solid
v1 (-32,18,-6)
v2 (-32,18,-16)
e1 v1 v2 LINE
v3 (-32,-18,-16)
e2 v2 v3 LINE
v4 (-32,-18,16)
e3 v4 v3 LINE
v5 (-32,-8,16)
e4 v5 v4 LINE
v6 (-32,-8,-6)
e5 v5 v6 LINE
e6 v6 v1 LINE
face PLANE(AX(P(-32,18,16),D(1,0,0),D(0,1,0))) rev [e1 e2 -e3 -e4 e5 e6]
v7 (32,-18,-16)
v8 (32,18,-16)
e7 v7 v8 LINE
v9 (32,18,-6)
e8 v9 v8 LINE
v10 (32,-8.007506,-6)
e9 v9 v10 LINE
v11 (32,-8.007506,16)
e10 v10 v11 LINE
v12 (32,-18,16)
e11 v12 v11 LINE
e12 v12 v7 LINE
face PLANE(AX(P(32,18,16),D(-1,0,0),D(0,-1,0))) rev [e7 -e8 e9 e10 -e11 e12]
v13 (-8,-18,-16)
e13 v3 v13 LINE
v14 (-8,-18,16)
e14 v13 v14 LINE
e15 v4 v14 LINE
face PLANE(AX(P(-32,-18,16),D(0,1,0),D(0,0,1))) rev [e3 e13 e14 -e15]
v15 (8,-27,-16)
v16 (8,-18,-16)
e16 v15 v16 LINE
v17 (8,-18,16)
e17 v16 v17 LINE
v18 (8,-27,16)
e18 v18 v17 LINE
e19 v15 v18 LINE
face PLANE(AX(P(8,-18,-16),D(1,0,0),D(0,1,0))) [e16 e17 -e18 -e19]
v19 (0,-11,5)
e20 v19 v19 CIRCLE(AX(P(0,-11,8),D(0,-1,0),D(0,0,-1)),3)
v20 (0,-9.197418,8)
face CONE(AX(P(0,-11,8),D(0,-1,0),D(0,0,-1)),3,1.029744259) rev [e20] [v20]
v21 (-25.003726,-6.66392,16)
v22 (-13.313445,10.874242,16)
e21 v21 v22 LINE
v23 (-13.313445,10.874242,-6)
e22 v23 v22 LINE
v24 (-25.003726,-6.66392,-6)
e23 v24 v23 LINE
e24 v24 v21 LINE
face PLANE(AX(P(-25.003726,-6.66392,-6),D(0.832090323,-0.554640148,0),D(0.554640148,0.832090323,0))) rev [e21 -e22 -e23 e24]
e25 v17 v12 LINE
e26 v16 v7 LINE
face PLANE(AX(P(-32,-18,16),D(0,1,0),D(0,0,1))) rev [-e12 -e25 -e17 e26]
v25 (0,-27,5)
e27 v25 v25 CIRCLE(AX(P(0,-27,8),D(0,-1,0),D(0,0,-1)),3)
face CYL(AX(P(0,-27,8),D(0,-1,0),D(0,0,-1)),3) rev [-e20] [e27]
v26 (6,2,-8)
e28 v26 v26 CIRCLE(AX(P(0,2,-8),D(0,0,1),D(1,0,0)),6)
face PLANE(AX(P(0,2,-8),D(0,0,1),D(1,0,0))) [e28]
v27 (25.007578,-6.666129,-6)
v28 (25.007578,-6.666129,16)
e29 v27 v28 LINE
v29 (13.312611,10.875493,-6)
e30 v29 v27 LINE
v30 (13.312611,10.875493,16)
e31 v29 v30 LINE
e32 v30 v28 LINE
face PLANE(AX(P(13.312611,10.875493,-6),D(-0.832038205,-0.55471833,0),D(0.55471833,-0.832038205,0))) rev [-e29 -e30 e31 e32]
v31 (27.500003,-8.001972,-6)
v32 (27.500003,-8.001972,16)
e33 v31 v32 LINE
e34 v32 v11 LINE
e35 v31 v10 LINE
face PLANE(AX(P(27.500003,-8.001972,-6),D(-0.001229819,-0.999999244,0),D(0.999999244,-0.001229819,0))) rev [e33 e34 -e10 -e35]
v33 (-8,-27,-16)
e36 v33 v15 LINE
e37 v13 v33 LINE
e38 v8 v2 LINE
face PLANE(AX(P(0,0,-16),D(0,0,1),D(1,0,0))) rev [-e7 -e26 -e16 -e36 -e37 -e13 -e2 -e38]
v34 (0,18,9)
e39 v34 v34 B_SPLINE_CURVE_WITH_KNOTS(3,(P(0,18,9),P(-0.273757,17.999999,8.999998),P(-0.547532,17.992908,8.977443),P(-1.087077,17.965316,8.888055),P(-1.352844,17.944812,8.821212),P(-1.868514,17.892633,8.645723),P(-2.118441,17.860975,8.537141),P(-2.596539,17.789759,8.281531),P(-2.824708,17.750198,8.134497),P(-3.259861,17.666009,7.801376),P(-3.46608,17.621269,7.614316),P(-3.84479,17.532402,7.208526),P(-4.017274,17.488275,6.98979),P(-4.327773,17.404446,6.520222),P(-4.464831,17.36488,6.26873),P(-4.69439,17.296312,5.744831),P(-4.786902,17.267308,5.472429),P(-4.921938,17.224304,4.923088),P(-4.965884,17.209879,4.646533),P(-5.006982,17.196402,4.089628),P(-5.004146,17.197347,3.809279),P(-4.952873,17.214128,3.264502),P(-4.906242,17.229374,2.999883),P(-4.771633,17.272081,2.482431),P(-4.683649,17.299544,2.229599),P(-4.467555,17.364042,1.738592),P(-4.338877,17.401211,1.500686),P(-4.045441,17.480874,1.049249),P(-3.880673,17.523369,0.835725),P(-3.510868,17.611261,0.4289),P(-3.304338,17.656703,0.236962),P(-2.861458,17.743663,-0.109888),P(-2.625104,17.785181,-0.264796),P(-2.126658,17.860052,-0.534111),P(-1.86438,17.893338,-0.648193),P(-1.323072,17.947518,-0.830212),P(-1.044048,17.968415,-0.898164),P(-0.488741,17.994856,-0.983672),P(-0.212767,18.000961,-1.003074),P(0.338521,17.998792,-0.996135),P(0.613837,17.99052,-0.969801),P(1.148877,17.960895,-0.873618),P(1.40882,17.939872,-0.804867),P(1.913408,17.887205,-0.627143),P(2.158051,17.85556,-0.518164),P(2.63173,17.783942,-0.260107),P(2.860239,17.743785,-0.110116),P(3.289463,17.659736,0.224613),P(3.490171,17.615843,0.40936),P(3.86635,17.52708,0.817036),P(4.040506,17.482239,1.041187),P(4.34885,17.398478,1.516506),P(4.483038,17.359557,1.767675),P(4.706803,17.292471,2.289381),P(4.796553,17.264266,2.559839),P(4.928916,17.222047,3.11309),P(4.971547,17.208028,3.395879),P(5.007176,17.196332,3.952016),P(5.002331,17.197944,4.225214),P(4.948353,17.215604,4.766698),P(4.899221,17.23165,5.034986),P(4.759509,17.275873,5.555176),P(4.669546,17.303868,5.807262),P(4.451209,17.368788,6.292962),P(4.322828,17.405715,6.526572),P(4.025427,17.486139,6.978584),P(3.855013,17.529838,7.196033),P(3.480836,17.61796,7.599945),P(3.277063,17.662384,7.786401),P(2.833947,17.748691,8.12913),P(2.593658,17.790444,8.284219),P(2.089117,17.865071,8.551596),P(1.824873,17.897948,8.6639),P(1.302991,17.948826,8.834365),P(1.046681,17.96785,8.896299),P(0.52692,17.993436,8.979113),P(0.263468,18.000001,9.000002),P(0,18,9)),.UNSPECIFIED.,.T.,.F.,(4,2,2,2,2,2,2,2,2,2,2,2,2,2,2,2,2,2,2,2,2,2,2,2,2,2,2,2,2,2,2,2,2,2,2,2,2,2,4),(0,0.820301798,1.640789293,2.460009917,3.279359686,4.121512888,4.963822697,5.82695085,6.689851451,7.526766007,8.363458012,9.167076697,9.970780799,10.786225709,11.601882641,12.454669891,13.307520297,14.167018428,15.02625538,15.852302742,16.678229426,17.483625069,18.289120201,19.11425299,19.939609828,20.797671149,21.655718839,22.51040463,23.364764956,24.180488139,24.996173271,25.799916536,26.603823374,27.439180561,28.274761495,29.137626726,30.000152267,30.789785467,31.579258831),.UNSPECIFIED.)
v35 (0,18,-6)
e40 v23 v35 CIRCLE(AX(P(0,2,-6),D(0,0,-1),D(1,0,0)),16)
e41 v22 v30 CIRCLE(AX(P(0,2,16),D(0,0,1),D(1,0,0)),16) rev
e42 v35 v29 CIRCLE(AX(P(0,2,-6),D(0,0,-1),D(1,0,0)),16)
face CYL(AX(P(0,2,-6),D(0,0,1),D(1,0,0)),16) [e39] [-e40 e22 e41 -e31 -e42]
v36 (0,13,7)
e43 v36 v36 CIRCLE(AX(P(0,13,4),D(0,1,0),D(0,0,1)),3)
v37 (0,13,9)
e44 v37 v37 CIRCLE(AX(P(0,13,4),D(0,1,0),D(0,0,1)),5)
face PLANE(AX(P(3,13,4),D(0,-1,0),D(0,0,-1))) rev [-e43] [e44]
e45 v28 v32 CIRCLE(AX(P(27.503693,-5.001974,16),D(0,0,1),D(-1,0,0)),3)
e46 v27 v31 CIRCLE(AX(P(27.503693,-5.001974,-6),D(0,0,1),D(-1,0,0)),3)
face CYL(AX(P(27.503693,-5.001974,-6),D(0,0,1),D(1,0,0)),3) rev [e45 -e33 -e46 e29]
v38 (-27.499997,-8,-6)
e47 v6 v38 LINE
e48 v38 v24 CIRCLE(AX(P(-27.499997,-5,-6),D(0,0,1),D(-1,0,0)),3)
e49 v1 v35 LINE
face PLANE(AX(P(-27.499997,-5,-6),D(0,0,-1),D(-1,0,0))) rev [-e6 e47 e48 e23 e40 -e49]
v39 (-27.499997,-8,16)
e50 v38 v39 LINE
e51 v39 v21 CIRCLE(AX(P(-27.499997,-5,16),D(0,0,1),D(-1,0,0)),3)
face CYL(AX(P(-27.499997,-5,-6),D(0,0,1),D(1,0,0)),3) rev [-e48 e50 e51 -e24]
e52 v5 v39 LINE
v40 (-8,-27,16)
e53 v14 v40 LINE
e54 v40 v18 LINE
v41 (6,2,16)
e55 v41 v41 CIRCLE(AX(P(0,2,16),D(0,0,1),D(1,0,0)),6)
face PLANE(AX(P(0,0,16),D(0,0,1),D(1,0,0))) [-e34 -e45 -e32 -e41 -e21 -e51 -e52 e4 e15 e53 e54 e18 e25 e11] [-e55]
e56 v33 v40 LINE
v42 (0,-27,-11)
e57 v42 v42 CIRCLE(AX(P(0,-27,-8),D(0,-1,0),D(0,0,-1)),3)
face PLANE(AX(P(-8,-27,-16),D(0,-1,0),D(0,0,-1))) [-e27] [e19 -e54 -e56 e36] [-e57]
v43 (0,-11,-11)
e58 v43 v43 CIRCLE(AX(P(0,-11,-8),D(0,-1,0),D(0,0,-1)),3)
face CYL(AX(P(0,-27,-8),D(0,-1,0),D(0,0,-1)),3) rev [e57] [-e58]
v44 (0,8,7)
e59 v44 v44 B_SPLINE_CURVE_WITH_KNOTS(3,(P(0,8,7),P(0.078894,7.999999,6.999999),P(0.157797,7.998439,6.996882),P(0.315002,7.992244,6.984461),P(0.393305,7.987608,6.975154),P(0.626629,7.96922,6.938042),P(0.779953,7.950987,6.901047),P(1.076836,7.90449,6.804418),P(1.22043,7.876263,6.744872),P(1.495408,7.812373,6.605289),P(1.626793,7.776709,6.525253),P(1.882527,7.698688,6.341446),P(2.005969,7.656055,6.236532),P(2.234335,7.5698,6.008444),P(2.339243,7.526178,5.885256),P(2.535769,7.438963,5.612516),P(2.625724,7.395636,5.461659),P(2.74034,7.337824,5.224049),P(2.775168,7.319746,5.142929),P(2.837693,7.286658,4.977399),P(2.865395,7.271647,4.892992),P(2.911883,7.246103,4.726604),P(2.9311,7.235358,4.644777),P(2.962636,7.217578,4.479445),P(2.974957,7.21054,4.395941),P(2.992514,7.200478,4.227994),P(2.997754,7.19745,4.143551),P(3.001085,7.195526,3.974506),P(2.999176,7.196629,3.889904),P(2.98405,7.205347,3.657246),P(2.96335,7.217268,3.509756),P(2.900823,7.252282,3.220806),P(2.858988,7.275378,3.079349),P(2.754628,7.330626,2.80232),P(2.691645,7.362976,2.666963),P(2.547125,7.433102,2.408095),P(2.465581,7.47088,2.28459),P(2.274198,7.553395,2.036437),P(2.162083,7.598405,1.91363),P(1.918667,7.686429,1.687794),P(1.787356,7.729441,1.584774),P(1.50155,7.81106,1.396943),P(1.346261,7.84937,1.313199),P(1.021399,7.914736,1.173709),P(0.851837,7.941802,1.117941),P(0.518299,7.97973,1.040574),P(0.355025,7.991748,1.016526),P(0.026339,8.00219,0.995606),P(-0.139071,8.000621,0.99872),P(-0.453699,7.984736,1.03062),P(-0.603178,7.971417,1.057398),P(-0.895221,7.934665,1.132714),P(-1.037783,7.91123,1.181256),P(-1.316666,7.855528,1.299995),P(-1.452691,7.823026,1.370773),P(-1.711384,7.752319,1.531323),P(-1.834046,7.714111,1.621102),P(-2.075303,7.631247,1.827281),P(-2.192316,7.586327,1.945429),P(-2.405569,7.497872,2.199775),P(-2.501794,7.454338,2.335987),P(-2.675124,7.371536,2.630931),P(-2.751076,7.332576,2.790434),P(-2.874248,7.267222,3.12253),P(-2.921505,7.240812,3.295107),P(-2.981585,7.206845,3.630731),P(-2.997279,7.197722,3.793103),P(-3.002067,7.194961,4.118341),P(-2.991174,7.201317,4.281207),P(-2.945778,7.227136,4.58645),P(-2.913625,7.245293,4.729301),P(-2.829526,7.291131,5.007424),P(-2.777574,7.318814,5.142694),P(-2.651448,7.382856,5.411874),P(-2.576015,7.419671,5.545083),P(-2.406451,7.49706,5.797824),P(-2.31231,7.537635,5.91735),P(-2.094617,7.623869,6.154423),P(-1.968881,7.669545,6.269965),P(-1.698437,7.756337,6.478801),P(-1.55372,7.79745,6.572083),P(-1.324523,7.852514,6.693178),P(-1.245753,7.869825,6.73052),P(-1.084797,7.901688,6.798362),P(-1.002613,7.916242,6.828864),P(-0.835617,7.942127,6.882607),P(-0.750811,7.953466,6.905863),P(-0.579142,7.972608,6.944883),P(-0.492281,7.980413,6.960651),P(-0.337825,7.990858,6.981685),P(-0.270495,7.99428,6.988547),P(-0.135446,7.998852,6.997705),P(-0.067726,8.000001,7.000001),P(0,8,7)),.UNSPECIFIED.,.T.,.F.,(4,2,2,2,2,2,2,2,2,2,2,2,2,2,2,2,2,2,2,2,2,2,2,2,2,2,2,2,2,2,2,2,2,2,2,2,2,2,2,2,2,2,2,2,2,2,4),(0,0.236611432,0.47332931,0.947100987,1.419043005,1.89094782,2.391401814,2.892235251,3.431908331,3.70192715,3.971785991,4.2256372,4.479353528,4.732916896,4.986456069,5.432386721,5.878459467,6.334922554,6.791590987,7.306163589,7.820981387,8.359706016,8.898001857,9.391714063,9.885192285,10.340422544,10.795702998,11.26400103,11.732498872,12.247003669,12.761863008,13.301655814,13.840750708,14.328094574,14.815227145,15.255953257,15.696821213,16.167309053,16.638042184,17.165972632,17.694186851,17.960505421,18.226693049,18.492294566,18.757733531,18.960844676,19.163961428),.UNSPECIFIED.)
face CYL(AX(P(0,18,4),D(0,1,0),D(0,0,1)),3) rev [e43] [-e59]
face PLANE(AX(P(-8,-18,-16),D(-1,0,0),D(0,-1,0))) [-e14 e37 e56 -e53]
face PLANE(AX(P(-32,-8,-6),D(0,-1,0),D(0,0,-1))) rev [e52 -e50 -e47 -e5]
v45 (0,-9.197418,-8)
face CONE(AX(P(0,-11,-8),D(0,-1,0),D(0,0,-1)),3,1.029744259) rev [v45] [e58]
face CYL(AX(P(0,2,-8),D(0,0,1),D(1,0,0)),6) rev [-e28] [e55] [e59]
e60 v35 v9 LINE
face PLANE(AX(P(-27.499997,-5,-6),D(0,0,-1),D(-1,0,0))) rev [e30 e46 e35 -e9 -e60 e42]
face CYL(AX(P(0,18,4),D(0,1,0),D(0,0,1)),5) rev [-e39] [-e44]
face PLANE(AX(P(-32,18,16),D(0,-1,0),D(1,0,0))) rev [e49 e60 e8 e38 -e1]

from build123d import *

# Parameters (mm, degrees)
SKETCH1_W                               = 64
SKETCH1_H                               = 36
BOSS_EXTRUDE1_DEPTH                     = 16
CUT_EXTRUDE1_DEPTH                      = 22
SKETCH3_R                               = 6
CUT_EXTRUDE2_DEPTH                      = 24
SKETCH4_W                               = 16
SKETCH4_H                               = 9
BOSS_EXTRUDE3_DEPTH                     = 32
F_6_0MM_DOWEL_HOLE1_D                   = 6
F_6_0MM_DOWEL_HOLE1_DEPTH               = 16
F_6_0MM_DOWEL_HOLE1_TIP                 = 1.802581857
CBORE_FOR_M6_HEX_HEAD_BOLT2_D           = 6
CBORE_FOR_M6_HEX_HEAD_BOLT2_DEPTH       = 13
CBORE_FOR_M6_HEX_HEAD_BOLT2_CBORE_D     = 10
CBORE_FOR_M6_HEX_HEAD_BOLT2_CBORE_DEPTH = 5
CBORE_FOR_M6_HEX_HEAD_BOLT2_TIP         = 1.802581857


with BuildPart() as part:
    # Sketch1 → Boss-Extrude1 (new, symmetric)
    with BuildSketch(Plane.XY):
        Rectangle(SKETCH1_W, SKETCH1_H)
    extrude(amount=BOSS_EXTRUDE1_DEPTH, both=True)

    # Sketch2 → Cut-Extrude1 (cut)
    with BuildSketch(Plane.XY.offset(16)):
        with BuildLine():
            Line((-32, -8), (-27.499996562, -8))
            ThreePointArc((-27.499996562, -8), (-26.084327344, -7.644972715), (-25.003725591, -6.663920443))
            Line((-25.003725591, -6.663920443), (-13.313445176, 10.874242365))
            ThreePointArc((-13.313445176, 10.874242365), (-0.000751694, 17.999999982), (13.312611277, 10.875493281))
            Line((13.312611277, 10.875493281), (25.007578247, -6.666128828))
            ThreePointArc((25.007578247, -6.666128828), (26.086521715, -7.646142127), (27.500003403, -8.001971569))
            Line((27.500003403, -8.001971569), (32, -8.007505757))
            Line((32, -8.007505757), (36.662231921, -8.007505757))
            Line((36.662231921, -8.007505757), (36.662231921, 30.154585716))
            Line((36.662231921, 30.154585716), (-48.36652886, 30.154585716))
            Line((-48.36652886, 30.154585716), (-48.36652886, -8))
            Line((-48.36652886, -8), (-32, -8))
        make_face()
    extrude(amount=-CUT_EXTRUDE1_DEPTH, mode=Mode.SUBTRACT)

    # Sketch3 → Cut-Extrude2 (cut)
    with BuildSketch(Plane.XY.offset(16)):
        with Locations((0, 2)):
            Circle(SKETCH3_R)
    extrude(amount=-CUT_EXTRUDE2_DEPTH, mode=Mode.SUBTRACT)

    # Sketch4 → Boss-Extrude3 (add)
    with BuildSketch(Plane.XY.offset(16)):
        with Locations((0, -22.5)):
            Rectangle(SKETCH4_W, SKETCH4_H)
    extrude(amount=-BOSS_EXTRUDE3_DEPTH)

    # Ø6.0mm Dowel Hole1
    with Locations(Plane(origin=(0, -27, 8), x_dir=(0, 0, -1), z_dir=(0, -1, 0))):
        with Locations((0, 0), (16, 0)):
            Hole(F_6_0MM_DOWEL_HOLE1_D / 2, depth=F_6_0MM_DOWEL_HOLE1_DEPTH)
            with Locations((0, 0, -(F_6_0MM_DOWEL_HOLE1_DEPTH + F_6_0MM_DOWEL_HOLE1_TIP / 2))):  # 118° drill point
                Cone(0, F_6_0MM_DOWEL_HOLE1_D / 2, F_6_0MM_DOWEL_HOLE1_TIP, mode=Mode.SUBTRACT)

    # CBORE for M6 Hex Head Bolt2
    with Locations(Plane(origin=(0, 18, 0), x_dir=(1, 0, 0), z_dir=(0, 1, 0))):
        with Locations((0, -4)):
            CounterBoreHole(CBORE_FOR_M6_HEX_HEAD_BOLT2_D / 2, CBORE_FOR_M6_HEX_HEAD_BOLT2_CBORE_D / 2, CBORE_FOR_M6_HEX_HEAD_BOLT2_CBORE_DEPTH, depth=CBORE_FOR_M6_HEX_HEAD_BOLT2_DEPTH)
            with Locations((0, 0, -(CBORE_FOR_M6_HEX_HEAD_BOLT2_DEPTH + CBORE_FOR_M6_HEX_HEAD_BOLT2_TIP / 2))):  # 118° drill point
                Cone(0, CBORE_FOR_M6_HEX_HEAD_BOLT2_D / 2, CBORE_FOR_M6_HEX_HEAD_BOLT2_TIP, mode=Mode.SUBTRACT)


solid = part.part
